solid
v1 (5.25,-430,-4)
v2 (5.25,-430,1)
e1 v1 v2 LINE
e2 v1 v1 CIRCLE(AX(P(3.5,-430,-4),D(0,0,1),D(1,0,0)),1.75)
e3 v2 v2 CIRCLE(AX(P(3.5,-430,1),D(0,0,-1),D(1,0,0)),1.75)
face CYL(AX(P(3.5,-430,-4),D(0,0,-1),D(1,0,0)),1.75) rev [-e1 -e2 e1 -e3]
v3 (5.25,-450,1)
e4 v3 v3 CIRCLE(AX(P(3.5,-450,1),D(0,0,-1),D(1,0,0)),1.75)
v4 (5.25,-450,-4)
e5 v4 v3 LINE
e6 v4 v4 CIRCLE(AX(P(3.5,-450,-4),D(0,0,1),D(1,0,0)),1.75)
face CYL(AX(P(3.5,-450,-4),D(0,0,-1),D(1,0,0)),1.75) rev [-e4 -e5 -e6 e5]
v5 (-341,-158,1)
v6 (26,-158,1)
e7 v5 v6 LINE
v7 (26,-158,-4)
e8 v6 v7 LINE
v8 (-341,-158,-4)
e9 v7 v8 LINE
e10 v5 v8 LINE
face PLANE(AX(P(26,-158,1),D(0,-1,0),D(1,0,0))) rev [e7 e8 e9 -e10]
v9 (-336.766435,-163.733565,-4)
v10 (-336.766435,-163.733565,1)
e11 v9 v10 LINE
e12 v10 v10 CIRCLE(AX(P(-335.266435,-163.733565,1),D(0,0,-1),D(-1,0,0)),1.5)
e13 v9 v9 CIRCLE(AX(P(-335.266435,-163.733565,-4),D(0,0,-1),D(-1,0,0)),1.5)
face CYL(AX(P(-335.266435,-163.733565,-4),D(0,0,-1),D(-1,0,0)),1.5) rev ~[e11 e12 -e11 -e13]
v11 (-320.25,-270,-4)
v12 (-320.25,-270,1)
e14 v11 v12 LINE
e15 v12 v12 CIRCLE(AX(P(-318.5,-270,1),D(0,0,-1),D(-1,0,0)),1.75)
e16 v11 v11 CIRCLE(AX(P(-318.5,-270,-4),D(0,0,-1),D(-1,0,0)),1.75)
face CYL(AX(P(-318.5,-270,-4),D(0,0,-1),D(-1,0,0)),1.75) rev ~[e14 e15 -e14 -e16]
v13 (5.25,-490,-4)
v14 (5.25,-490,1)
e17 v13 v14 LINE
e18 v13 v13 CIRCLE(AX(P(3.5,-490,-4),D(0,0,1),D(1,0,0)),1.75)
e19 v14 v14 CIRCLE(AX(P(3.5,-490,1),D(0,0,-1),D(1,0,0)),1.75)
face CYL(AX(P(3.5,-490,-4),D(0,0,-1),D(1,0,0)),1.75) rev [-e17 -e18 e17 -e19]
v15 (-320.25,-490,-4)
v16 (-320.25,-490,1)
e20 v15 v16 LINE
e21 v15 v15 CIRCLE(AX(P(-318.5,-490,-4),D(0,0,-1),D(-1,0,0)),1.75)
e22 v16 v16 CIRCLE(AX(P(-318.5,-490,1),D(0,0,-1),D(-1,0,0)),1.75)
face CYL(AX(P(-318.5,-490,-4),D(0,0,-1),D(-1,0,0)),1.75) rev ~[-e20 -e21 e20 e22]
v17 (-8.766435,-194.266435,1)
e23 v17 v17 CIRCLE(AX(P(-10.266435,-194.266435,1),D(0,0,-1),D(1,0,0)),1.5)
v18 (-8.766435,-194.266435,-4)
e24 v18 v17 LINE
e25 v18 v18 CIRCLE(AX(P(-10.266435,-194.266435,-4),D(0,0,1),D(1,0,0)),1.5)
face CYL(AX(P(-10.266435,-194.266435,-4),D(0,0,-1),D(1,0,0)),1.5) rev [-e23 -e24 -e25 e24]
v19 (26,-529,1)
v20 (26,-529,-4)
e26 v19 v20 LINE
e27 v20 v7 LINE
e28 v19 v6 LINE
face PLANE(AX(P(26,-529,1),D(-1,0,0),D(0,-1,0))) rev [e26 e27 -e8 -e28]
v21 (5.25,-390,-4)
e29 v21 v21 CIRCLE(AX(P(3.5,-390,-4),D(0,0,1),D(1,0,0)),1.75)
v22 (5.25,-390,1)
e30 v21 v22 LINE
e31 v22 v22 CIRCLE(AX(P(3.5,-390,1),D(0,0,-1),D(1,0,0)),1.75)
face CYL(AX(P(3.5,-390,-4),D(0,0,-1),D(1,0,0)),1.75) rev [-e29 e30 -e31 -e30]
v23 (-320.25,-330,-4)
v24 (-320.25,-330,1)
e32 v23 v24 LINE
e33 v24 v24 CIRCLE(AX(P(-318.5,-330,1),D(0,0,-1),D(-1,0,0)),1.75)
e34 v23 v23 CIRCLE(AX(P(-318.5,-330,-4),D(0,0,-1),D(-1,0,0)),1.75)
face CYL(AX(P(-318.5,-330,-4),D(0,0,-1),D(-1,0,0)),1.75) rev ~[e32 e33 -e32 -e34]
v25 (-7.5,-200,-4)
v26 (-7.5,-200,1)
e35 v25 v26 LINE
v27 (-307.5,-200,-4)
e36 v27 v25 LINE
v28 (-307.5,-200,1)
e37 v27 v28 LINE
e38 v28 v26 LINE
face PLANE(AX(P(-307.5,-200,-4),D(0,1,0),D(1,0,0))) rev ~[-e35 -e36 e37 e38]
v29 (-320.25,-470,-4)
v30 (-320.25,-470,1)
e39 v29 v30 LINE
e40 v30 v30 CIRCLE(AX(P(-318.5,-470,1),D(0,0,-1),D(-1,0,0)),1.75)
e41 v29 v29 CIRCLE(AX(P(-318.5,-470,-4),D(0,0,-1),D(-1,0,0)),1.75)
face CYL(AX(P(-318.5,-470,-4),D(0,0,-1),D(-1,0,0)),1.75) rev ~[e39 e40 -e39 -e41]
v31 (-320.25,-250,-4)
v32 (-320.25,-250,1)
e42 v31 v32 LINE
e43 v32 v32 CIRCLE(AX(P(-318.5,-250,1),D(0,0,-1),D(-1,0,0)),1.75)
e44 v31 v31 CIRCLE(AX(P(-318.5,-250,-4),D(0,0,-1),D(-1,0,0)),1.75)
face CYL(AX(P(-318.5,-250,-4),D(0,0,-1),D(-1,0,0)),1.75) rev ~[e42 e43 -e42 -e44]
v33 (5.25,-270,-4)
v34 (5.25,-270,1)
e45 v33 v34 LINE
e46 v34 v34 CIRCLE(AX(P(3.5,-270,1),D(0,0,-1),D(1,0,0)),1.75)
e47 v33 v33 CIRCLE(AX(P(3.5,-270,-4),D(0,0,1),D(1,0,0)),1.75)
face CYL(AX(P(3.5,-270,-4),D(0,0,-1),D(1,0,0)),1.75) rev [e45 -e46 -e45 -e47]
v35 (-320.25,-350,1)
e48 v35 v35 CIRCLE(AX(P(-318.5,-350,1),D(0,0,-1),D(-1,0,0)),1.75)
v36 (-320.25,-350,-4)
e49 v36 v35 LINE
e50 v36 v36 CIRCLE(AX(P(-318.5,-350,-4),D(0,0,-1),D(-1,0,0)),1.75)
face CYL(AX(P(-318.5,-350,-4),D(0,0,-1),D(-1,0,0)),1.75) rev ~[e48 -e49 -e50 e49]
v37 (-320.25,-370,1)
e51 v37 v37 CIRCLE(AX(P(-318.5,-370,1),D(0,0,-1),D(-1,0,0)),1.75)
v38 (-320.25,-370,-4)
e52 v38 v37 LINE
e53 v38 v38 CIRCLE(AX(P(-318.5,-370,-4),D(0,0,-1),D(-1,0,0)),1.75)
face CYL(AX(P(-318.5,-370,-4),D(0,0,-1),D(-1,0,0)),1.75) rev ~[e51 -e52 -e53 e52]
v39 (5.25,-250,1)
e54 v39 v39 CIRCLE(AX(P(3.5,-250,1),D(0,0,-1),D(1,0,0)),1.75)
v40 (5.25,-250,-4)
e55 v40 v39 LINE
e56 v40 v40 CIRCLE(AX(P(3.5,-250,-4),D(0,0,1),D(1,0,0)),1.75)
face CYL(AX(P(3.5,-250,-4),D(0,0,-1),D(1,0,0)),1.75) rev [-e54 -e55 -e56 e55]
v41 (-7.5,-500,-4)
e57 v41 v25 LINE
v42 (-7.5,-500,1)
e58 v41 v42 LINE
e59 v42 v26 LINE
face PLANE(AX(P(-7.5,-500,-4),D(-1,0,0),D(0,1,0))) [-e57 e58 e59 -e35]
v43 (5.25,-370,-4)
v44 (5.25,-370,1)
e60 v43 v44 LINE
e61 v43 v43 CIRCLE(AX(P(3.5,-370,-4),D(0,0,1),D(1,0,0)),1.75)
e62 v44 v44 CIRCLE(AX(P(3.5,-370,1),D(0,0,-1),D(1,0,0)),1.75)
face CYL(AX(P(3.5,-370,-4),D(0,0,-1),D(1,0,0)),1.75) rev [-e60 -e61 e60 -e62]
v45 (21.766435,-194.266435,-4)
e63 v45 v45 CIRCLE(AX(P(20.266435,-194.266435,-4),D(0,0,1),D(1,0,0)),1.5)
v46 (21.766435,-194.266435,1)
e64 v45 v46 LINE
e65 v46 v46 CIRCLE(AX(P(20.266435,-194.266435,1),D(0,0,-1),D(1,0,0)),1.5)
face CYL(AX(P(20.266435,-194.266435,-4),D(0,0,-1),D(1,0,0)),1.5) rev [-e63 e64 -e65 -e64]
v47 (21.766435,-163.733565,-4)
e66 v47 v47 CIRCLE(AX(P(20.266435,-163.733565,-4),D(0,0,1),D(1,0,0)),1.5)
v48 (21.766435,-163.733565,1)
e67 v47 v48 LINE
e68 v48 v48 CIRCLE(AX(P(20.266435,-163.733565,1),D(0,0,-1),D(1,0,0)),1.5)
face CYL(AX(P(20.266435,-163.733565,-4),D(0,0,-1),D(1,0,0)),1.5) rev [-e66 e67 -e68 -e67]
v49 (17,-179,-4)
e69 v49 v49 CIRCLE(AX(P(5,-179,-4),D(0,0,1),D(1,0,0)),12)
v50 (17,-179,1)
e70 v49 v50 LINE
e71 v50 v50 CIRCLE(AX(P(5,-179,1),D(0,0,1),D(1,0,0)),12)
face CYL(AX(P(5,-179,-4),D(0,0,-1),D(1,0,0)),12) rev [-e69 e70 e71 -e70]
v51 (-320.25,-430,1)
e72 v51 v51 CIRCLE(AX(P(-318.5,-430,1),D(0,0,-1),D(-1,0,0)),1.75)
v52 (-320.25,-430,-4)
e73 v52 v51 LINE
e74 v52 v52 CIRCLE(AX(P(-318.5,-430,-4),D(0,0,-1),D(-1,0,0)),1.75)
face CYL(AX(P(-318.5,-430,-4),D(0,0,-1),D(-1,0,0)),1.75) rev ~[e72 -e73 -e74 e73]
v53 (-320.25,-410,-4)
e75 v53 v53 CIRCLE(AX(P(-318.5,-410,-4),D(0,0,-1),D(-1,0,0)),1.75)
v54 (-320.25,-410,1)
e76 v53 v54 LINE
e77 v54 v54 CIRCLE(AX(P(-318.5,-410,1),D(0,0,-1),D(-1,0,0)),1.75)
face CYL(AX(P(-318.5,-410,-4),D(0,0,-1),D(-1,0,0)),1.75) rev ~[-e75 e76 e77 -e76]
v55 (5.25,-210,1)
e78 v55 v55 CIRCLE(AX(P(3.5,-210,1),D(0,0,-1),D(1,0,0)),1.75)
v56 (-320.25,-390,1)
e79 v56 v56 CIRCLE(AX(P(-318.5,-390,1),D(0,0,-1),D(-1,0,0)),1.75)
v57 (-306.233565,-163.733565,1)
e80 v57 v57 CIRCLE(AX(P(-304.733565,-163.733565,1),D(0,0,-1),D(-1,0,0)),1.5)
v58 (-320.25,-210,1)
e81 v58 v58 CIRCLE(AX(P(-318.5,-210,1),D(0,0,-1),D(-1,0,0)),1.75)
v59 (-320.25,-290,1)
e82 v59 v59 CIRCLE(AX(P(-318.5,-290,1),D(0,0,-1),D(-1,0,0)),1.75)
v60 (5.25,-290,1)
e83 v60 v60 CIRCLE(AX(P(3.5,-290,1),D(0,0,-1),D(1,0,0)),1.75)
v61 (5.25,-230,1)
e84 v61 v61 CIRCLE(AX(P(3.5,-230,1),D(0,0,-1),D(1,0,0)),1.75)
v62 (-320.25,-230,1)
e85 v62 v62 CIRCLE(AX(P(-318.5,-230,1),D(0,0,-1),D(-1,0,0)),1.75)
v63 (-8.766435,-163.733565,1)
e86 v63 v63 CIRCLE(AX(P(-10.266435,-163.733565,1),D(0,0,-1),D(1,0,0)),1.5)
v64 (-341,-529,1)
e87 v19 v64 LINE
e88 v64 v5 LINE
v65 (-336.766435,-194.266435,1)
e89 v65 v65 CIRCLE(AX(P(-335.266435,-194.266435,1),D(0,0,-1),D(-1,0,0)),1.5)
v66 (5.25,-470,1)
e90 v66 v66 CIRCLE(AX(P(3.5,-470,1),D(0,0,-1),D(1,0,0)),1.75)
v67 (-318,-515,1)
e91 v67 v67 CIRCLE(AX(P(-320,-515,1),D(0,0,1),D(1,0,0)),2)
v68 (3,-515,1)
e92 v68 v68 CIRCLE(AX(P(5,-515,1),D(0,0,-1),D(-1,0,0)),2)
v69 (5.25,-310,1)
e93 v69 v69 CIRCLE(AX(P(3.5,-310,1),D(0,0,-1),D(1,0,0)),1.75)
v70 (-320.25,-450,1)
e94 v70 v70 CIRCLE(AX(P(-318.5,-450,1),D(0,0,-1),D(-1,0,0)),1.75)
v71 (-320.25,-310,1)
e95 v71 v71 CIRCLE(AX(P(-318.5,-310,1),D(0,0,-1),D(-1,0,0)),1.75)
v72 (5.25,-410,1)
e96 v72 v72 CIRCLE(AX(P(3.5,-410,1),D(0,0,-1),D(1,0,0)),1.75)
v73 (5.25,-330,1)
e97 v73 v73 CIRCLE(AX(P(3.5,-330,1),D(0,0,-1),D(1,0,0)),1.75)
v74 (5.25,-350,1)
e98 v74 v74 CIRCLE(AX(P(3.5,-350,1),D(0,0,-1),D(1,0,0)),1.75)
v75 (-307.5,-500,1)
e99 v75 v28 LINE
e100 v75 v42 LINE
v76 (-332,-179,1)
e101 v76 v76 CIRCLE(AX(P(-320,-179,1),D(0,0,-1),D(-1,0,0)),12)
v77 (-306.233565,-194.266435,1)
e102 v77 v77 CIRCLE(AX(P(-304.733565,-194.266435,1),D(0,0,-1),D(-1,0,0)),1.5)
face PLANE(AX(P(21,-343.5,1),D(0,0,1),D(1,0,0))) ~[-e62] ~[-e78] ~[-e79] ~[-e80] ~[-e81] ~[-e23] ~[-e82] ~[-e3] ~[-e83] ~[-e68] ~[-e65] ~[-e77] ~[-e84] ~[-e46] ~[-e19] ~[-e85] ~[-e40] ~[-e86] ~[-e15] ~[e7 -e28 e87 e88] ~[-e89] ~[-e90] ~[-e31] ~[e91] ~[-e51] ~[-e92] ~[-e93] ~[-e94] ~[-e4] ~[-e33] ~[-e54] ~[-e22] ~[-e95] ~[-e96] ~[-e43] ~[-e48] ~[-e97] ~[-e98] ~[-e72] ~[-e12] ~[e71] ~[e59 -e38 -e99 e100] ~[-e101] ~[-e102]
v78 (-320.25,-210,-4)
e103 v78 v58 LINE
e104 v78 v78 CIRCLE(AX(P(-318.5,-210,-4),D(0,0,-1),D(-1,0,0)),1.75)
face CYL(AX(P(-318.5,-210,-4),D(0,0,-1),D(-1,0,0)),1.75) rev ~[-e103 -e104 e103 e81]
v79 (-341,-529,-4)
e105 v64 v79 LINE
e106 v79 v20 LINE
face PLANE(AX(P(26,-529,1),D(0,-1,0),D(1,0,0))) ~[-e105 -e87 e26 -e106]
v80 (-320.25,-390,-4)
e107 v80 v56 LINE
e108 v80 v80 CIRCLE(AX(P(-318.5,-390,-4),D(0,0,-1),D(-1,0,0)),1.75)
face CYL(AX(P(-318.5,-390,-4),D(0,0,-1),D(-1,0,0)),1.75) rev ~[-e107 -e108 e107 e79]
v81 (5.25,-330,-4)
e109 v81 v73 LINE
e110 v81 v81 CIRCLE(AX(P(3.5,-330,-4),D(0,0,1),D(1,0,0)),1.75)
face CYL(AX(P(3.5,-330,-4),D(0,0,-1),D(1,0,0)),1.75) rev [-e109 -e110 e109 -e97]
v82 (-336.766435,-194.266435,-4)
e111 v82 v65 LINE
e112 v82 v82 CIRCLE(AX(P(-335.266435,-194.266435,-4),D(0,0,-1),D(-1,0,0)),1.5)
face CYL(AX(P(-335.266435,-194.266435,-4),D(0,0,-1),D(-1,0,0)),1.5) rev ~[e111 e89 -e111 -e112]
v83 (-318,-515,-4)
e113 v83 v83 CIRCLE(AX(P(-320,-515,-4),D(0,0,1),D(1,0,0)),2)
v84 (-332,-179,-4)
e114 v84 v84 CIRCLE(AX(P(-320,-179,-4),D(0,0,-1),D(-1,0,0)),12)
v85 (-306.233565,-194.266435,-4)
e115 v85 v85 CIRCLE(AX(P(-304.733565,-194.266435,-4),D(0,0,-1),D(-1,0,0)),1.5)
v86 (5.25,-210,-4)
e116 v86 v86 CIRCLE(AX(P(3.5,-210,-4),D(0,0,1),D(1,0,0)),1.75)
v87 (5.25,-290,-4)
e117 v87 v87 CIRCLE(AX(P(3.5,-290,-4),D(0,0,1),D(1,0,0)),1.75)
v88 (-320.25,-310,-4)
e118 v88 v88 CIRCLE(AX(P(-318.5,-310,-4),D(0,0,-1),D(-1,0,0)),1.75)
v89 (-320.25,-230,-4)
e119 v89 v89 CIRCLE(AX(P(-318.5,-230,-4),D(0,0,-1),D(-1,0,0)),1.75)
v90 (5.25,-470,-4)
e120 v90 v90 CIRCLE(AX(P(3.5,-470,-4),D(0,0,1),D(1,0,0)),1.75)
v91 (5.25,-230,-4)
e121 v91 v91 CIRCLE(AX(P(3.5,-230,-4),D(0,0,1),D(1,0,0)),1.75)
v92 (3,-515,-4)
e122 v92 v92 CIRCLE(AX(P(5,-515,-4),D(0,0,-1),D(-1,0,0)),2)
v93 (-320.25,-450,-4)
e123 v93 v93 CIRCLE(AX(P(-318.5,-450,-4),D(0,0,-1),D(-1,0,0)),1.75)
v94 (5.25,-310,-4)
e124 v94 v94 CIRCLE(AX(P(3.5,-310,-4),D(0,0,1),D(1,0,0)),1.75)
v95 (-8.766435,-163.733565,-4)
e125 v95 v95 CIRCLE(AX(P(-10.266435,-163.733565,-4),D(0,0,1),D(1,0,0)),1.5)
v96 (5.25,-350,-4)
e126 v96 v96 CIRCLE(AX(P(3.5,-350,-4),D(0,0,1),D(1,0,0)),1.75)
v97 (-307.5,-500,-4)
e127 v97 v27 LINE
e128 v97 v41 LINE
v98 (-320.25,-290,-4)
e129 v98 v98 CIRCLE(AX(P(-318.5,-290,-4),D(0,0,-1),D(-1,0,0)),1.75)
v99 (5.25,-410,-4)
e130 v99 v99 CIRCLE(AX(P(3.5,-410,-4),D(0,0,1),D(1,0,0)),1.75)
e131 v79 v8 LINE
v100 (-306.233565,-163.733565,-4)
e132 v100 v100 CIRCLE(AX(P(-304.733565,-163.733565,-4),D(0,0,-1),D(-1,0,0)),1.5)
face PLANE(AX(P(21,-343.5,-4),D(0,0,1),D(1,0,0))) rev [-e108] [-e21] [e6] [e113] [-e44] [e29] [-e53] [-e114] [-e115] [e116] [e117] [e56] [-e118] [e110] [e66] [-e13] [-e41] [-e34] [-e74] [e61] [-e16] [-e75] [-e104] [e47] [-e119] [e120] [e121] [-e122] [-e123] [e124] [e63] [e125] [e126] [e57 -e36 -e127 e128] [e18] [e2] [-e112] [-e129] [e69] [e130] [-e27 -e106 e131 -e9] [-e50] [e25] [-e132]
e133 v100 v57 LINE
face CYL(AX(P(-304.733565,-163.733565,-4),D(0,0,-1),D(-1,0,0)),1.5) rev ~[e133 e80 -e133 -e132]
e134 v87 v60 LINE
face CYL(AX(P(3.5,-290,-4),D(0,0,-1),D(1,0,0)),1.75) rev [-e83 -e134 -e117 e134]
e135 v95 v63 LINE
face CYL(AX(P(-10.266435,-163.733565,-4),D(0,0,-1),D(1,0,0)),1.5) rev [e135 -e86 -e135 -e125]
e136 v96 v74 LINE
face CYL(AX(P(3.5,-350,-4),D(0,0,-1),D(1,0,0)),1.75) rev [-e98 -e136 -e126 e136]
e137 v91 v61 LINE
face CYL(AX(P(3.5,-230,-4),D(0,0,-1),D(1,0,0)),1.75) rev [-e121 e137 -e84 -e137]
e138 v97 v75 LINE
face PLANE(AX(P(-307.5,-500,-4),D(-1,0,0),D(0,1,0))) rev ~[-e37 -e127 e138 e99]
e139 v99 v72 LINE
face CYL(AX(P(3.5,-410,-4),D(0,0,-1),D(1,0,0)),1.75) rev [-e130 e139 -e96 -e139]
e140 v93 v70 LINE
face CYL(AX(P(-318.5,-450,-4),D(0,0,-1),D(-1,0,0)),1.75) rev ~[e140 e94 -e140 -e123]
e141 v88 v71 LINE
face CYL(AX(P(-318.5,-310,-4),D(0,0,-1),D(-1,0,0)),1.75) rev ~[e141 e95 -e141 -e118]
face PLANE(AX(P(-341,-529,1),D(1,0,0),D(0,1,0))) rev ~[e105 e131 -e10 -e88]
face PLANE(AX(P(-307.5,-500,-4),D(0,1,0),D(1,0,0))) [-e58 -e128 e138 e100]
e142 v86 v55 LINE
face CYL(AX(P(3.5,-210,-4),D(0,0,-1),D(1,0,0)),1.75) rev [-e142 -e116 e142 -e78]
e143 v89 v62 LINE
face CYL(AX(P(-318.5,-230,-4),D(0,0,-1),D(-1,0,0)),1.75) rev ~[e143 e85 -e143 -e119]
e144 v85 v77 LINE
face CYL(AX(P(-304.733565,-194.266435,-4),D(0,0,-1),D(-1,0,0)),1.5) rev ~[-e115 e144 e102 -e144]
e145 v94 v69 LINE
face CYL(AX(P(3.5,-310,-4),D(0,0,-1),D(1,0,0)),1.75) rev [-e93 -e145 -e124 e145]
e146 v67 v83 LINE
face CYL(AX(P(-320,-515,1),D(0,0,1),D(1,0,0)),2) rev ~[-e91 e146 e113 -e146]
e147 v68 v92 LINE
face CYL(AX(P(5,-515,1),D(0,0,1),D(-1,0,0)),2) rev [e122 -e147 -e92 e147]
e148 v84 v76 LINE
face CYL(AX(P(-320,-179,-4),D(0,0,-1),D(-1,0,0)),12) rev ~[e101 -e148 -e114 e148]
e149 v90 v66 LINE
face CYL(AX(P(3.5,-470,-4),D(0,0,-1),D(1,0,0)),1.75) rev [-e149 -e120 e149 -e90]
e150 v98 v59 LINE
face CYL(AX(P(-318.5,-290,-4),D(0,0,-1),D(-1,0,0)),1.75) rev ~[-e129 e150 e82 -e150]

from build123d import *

# Parameters (mm, degrees)
SKETCH2_W           = 347
SKETCH2_H           = 371
SKETCH2_W_2         = 300
SKETCH2_H_2         = 300
BOSS_EXTRUDE1_DEPTH = 5
SKETCH6_R           = 1.75
CUT_EXTRUDE1_DEPTH  = 10
SKETCH7_W           = 10
SKETCH7_H           = 371
BOSS_EXTRUDE2_DEPTH = 5
SKETCH3_R           = 12
CUT_EXTRUDE2_DEPTH  = 5
SKETCH9_R           = 1.5
CUT_EXTRUDE3_DEPTH  = 6
SKETCH10_R          = 2
CUT_EXTRUDE4_DEPTH  = 5


with BuildPart() as part:
    # Sketch2 → Boss-Extrude1 (new body)
    with BuildSketch(Plane.XY.offset(-4)):
        with Locations((-157.5, -343.5)):
            Rectangle(SKETCH2_W, SKETCH2_H)
        with Locations((-157.5, -350)):
            Rectangle(SKETCH2_W_2, SKETCH2_H_2, mode=Mode.SUBTRACT)
    extrude(amount=BOSS_EXTRUDE1_DEPTH)

    # Sketch6 → Cut-Extrude1 (cut)
    with BuildSketch(Plane(origin=(0, 0, -4), x_dir=(-1, 0, 0), z_dir=(0, 0, -1))):
        with Locations((318.499999962, -490)):
            Circle(SKETCH6_R)
        with Locations((318.499999962, -470)):
            Circle(SKETCH6_R)
        with Locations((318.499999962, -450)):
            Circle(SKETCH6_R)
        with Locations((318.499999962, -430)):
            Circle(SKETCH6_R)
        with Locations((318.499999962, -410)):
            Circle(SKETCH6_R)
        with Locations((318.499999962, -390)):
            Circle(SKETCH6_R)
        with Locations((318.499999962, -370)):
            Circle(SKETCH6_R)
        with Locations((318.499999962, -350)):
            Circle(SKETCH6_R)
        with Locations((318.499999962, -330)):
            Circle(SKETCH6_R)
        with Locations((318.499999962, -310)):
            Circle(SKETCH6_R)
        with Locations((318.499999962, -290)):
            Circle(SKETCH6_R)
        with Locations((318.499999962, -270)):
            Circle(SKETCH6_R)
        with Locations((318.499999962, -250)):
            Circle(SKETCH6_R)
        with Locations((318.499999962, -230)):
            Circle(SKETCH6_R)
        with Locations((318.499999962, -210)):
            Circle(SKETCH6_R)
    cut_extrude1 = extrude(amount=-CUT_EXTRUDE1_DEPTH, mode=Mode.SUBTRACT)

    # Mirror1: Cut-Extrude1 across plane
    add(cut_extrude1.mirror(Plane.ZY.offset(157.5)), mode=Mode.SUBTRACT)

    # Sketch7 → Boss-Extrude2 (add)
    with BuildSketch(Plane.XY.offset(1)):
        with Locations((-336, -343.5)):
            Rectangle(SKETCH7_W, SKETCH7_H)
    boss_extrude2 = extrude(amount=-BOSS_EXTRUDE2_DEPTH)

    # Mirror2: Boss-Extrude2 across plane
    add(boss_extrude2.mirror(Plane.ZY.offset(157.5)))

    # Sketch3 → Cut-Extrude2 (cut)
    with BuildSketch(Plane(origin=(0, 0, -4), x_dir=(-1, 0, 0), z_dir=(0, 0, -1))):
        with Locations((319.999999962, -179)):
            Circle(SKETCH3_R)
    cut_extrude2 = extrude(amount=-CUT_EXTRUDE2_DEPTH, mode=Mode.SUBTRACT)

    # Sketch9 → Cut-Extrude3 (cut, through all)
    with BuildSketch(Plane(origin=(0, 0, -4), x_dir=(-1, 0, 0), z_dir=(0, 0, -1))):
        with Locations((335.266435368, -194.266435406)):
            Circle(SKETCH9_R)
        with Locations((335.266435368, -163.733564594)):
            Circle(SKETCH9_R)
        with Locations((304.733564556, -163.733564594)):
            Circle(SKETCH9_R)
        with Locations((304.733564556, -194.266435406)):
            Circle(SKETCH9_R)
    cut_extrude3 = extrude(amount=-CUT_EXTRUDE3_DEPTH, mode=Mode.SUBTRACT)

    # Mirror3: Cut-Extrude2, Cut-Extrude3 across plane
    add(cut_extrude2.mirror(Plane.ZY.offset(157.5)), mode=Mode.SUBTRACT)
    add(cut_extrude3.mirror(Plane.ZY.offset(157.5)), mode=Mode.SUBTRACT)

    # Sketch10 → Cut-Extrude4 (cut)
    with BuildSketch(Plane.XY.offset(1)):
        with Locations((-319.999999962, -515)):
            Circle(SKETCH10_R)
    cut_extrude4 = extrude(amount=-CUT_EXTRUDE4_DEPTH, mode=Mode.SUBTRACT)

    # Mirror4: Cut-Extrude4 across plane
    add(cut_extrude4.mirror(Plane.ZY.offset(157.5)), mode=Mode.SUBTRACT)


solid = part.part
